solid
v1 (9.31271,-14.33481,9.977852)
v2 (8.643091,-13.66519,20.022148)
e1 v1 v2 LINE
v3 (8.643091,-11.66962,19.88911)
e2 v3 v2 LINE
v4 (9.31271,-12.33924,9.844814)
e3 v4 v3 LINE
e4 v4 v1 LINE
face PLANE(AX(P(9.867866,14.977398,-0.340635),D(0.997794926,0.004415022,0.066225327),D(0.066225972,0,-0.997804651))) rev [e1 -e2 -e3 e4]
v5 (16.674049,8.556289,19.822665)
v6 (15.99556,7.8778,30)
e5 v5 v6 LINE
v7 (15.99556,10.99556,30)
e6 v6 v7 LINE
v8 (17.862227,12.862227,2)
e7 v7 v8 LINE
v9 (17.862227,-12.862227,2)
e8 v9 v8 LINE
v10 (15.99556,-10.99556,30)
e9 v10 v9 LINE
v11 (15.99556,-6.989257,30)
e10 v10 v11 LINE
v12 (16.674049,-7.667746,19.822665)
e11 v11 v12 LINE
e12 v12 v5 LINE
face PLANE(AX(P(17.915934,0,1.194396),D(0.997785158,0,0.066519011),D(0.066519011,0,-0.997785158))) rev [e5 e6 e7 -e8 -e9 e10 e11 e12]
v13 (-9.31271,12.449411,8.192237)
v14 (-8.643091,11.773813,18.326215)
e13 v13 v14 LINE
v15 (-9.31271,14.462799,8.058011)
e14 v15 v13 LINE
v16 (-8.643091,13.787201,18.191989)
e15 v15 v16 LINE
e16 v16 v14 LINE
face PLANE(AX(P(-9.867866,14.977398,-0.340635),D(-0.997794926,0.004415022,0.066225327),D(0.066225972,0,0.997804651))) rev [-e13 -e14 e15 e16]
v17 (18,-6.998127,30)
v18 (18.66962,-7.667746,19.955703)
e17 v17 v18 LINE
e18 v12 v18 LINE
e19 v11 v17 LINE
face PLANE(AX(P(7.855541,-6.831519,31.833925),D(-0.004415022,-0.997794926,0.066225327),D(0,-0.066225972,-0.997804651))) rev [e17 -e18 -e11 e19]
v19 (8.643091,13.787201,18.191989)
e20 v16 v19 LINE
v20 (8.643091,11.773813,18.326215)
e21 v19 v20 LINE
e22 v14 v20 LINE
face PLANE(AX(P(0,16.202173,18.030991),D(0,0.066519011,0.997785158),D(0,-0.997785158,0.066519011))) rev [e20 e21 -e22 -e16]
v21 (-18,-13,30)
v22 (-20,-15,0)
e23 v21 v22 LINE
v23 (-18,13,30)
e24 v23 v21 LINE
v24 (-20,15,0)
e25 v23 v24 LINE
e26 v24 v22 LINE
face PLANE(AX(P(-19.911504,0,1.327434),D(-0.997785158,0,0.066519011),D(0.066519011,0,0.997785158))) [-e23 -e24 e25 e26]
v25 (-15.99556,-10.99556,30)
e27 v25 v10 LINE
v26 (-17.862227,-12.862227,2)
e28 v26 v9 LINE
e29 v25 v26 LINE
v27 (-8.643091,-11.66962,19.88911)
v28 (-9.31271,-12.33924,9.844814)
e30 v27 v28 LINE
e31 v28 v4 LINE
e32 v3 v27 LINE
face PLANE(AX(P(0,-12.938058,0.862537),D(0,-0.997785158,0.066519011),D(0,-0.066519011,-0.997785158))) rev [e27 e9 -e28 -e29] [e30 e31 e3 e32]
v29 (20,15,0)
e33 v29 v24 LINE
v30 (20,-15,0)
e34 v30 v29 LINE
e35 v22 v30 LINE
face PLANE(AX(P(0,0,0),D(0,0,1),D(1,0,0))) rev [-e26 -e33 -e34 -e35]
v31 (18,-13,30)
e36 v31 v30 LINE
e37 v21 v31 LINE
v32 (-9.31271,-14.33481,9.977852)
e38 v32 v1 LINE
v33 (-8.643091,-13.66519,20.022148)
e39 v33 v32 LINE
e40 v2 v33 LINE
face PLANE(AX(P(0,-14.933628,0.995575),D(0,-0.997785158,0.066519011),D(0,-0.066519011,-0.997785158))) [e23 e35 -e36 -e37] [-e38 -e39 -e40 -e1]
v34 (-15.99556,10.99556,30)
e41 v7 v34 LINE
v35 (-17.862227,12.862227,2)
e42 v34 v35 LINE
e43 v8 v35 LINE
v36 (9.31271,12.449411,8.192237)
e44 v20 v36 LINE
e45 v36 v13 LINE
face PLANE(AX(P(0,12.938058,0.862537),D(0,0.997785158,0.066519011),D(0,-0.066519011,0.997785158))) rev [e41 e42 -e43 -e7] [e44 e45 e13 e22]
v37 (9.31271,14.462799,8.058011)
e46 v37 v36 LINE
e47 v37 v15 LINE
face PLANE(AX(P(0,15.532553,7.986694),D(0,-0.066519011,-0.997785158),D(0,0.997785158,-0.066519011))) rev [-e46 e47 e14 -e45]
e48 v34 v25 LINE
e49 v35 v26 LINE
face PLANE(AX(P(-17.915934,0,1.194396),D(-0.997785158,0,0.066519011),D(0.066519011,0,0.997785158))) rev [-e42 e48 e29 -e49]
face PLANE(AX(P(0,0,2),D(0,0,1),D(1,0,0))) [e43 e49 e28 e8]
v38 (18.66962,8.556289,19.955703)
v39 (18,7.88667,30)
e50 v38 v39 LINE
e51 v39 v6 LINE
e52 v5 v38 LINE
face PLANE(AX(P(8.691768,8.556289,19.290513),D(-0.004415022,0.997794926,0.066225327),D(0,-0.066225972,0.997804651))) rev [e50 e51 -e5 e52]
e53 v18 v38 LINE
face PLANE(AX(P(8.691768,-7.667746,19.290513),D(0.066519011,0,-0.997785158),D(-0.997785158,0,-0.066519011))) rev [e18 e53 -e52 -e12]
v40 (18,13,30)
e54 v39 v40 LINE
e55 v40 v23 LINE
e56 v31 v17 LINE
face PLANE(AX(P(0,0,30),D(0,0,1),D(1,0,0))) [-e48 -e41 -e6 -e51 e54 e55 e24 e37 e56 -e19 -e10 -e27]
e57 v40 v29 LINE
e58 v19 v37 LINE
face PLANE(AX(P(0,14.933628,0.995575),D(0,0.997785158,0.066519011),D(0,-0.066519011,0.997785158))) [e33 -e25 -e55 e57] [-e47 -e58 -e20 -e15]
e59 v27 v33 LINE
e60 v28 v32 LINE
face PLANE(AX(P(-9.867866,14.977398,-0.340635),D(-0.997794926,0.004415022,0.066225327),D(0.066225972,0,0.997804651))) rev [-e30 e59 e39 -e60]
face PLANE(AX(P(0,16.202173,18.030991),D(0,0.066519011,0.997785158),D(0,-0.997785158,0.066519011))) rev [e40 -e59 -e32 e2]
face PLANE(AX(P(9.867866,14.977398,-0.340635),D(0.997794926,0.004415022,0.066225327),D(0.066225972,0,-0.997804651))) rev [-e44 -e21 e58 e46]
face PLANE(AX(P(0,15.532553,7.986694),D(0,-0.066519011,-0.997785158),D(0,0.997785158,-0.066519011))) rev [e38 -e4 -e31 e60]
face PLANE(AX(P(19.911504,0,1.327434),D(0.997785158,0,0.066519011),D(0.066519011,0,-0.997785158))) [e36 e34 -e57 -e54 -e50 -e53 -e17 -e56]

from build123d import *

# Parameters (mm, degrees)
SHELL_1_T           = -2
CUT_EXTRUDE_1_DEPTH = 47.230712485
CUT_EXTRUDE_4_DEPTH = 10


with BuildPart() as part:
    # 草图2 → 放样1 section 0
    with BuildSketch(Plane.XY.offset(30)):
        with BuildLine():
            Line((18, -13), (18, 13))
            Line((18, 13), (-18, 13))
            Line((-18, 13), (-18, -13))
            Line((-18, -13), (18, -13))
        make_face()
    # 草图1 → 放样1 section 1
    with BuildSketch(Plane.XY):
        with BuildLine():
            Line((-20, 15), (20, 15))
            Line((20, 15), (20, -15))
            Line((20, -15), (-20, -15))
            Line((-20, -15), (-20, 15))
        make_face()
    loft()

    # 抽壳1
    shell_1_openings = [part.faces().sort_by_distance(p)[0] for p in [
        (0, 0, 30),
    ]]
    offset(amount=SHELL_1_T, openings=shell_1_openings, kind=Kind.INTERSECTION)

    # 草图3 → 切除-拉伸1 (cut, through all)
    with BuildSketch(Plane(origin=(0, -14.933628319, 0.995575221), x_dir=(1, 0, 0), z_dir=(0, -0.997785157856609, 0.06651901052377396))):
        Polygon((9.31271042, 9.002214842), (8.643090631, 19.068807599), (-8.643090631, 19.068807599), (-9.31271042, 9.002214842), align=None)
    extrude(amount=-CUT_EXTRUDE_1_DEPTH, mode=Mode.SUBTRACT)

    # 草图4 → 切除-拉伸4 (cut)
    with BuildSketch(Plane(origin=(19.911504425, 0, 1.327433628), x_dir=(0.066519010523774, 0, -0.997785157856609), z_dir=(0.997785157856609, 0, 0.066519010523774))):
        Polygon((-31.240874648, -6.83151887), (-18.66961979, -7.667746304), (-18.66961979, 8.556289454), (-31.240874648, 7.720062019), align=None)
    extrude(amount=-CUT_EXTRUDE_4_DEPTH, mode=Mode.SUBTRACT)


solid = part.part
